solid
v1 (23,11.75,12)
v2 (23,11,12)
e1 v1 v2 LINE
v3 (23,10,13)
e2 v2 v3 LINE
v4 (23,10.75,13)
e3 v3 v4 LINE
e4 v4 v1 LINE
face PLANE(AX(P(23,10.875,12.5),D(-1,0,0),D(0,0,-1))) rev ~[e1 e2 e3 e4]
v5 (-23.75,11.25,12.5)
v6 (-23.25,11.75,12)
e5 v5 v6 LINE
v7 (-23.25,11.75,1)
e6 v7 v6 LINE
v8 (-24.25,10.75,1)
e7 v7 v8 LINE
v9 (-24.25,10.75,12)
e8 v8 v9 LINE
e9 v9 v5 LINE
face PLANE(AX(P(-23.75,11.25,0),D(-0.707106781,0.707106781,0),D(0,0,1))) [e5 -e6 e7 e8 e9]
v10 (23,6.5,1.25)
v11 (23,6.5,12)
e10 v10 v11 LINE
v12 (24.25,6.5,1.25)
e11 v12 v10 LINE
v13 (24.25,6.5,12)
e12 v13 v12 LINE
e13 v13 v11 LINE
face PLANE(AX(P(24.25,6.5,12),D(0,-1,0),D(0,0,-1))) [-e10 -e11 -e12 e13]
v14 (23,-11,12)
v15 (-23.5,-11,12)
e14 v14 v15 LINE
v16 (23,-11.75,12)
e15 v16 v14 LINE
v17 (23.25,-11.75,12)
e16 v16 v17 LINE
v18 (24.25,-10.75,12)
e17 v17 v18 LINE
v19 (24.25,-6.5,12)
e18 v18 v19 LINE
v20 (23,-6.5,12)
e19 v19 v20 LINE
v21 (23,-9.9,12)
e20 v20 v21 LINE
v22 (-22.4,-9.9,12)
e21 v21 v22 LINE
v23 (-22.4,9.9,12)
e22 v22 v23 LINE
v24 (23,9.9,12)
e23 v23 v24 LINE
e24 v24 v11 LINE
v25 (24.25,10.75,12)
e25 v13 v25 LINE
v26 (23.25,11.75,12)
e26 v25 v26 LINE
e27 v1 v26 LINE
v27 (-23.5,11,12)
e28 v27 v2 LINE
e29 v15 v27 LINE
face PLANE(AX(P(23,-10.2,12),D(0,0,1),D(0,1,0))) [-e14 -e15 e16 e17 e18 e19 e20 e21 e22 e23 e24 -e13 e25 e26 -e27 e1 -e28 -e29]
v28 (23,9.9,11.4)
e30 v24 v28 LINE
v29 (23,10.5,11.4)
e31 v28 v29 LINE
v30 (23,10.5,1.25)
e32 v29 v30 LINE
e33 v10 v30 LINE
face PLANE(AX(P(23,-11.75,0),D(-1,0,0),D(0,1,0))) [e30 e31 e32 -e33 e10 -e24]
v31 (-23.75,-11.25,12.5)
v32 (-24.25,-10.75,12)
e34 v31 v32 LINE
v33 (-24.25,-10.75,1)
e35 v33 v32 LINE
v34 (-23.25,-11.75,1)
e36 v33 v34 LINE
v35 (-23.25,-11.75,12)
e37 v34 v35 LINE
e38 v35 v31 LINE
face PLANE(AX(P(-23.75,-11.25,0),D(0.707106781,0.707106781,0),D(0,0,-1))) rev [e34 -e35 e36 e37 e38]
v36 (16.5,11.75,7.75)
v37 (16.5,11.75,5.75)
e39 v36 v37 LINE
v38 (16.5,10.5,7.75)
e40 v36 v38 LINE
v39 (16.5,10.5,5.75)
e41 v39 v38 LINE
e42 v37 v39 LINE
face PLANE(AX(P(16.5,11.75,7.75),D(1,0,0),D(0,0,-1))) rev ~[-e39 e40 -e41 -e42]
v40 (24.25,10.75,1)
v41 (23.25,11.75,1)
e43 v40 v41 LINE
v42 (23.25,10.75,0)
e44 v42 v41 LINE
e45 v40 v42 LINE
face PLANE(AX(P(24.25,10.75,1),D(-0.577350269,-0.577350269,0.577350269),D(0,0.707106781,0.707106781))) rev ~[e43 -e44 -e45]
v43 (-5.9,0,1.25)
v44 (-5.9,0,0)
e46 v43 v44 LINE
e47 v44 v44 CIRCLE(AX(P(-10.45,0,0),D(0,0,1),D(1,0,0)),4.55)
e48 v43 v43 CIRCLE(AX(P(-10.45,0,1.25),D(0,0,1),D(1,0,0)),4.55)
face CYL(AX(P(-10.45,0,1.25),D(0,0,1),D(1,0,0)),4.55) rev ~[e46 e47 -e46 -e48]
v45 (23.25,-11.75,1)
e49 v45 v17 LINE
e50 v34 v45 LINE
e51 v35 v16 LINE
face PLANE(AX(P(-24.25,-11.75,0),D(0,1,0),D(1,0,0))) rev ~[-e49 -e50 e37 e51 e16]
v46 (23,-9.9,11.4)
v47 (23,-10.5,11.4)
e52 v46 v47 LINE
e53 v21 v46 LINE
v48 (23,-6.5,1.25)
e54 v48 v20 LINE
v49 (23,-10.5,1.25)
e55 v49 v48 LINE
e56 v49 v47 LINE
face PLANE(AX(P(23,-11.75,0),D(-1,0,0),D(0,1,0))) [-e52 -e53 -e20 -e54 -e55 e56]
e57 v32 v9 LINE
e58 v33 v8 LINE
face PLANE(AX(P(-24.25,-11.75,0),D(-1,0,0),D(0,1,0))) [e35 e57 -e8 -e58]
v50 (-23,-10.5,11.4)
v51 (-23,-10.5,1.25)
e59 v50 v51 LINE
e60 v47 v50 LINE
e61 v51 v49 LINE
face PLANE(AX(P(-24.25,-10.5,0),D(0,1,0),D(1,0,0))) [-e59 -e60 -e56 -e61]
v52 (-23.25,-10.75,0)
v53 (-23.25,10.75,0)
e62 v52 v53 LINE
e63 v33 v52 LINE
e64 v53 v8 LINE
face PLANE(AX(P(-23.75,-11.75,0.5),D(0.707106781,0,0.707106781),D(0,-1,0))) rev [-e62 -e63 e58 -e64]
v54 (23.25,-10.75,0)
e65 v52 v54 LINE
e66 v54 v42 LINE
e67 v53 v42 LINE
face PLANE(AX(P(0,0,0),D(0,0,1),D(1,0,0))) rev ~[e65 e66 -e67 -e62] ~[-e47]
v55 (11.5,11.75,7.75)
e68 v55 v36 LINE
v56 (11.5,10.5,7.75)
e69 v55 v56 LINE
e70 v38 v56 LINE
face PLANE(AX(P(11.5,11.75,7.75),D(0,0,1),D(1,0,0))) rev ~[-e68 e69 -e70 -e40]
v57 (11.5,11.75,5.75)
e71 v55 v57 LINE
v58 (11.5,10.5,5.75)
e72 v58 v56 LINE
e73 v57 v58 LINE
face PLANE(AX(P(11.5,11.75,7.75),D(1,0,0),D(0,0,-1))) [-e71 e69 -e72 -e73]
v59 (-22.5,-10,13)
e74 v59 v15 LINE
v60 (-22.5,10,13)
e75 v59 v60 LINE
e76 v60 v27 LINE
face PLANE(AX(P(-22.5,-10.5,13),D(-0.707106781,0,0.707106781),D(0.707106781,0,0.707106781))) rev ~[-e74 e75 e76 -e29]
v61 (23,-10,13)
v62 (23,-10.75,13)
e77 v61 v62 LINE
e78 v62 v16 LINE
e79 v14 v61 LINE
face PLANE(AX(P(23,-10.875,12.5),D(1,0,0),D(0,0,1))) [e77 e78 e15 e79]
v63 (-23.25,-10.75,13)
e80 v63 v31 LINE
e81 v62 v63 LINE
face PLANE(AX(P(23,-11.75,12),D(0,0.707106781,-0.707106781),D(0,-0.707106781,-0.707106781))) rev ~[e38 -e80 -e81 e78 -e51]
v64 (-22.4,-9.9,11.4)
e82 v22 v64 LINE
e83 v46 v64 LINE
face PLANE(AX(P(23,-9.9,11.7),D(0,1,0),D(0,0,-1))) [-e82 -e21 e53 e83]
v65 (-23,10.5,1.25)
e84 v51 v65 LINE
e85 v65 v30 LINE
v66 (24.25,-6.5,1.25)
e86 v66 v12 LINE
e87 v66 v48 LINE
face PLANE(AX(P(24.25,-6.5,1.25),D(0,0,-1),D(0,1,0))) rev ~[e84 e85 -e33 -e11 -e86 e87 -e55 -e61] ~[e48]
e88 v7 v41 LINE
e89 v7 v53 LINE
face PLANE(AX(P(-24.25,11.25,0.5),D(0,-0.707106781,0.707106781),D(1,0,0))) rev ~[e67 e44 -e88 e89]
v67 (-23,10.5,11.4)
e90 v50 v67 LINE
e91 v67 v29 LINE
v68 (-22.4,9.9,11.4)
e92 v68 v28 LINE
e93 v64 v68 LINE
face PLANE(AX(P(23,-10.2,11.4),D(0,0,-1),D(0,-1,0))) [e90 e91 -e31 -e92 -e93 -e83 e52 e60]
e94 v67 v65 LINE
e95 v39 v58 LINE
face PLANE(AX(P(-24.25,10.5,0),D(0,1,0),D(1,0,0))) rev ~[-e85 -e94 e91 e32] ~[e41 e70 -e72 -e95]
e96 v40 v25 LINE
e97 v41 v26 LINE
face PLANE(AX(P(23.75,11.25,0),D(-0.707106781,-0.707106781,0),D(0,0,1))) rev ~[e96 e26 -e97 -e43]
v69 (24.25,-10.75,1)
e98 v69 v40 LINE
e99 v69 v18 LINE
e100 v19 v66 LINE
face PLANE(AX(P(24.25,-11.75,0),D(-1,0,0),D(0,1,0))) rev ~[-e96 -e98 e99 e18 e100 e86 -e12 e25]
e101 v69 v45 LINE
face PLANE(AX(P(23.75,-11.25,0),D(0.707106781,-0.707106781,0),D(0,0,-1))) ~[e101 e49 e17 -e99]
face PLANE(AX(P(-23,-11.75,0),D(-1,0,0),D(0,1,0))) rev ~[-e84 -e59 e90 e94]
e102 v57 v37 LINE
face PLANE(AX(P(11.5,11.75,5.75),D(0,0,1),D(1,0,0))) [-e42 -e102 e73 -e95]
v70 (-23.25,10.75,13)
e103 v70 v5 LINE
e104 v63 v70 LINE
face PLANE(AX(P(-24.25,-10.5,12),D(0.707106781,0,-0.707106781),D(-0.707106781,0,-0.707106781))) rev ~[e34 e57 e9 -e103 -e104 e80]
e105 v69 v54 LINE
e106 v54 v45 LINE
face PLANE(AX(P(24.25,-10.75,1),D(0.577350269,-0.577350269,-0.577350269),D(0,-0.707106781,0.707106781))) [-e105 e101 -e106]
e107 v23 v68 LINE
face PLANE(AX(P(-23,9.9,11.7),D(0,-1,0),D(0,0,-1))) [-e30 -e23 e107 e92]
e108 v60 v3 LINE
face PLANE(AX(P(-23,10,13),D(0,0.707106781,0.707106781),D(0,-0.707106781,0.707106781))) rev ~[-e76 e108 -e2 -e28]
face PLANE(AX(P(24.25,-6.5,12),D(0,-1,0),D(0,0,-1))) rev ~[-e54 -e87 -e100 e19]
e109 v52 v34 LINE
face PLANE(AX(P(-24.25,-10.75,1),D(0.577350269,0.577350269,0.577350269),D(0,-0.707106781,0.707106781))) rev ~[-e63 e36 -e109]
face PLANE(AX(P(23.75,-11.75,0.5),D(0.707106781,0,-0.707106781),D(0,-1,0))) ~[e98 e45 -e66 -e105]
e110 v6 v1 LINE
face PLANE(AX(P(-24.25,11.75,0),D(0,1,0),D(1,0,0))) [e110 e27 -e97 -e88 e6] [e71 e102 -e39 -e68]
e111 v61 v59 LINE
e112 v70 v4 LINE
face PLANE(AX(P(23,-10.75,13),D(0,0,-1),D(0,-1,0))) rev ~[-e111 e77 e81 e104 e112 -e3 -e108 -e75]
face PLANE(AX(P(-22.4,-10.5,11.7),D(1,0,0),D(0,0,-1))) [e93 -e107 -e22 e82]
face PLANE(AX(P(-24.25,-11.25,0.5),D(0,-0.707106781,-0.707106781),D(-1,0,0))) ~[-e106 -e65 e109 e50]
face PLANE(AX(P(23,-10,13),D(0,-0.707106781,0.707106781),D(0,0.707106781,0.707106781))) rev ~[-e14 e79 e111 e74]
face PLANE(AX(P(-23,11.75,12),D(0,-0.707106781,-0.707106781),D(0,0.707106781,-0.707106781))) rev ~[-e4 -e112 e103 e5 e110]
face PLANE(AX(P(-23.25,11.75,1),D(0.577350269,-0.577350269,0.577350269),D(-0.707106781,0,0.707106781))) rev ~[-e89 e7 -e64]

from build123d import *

# Parameters (mm, degrees)
SKETCH1_W               = 48.5
SKETCH1_H               = 23.5
BOSS_EXTRUDE1_DEPTH     = 12
SHELL1_T                = -1.25
SKETCH2_R               = 4.55
CUT_EXTRUDE1_DEPTH      = 11.75
CUT_EXTRUDE1_DEPTH_BACK = 2.25
SKETCH3_W               = 10.75
SKETCH3_H               = 13
CUT_EXTRUDE2_DEPTH      = 3
CHAMFER1_SIZE           = 1
CUT_EXTRUDE3_REACH      = 25.5
SKETCH5_W               = 5
SKETCH5_H               = 2
SKETCH6_W               = 0.6
SKETCH6_H               = 0.6


with BuildPart() as part:
    # Sketch1 → Boss-Extrude1 (new body)
    with BuildSketch(Plane.XY):
        Rectangle(SKETCH1_W, SKETCH1_H)
    extrude(amount=BOSS_EXTRUDE1_DEPTH)

    # Shell1
    shell1_openings = [part.faces().sort_by_distance(p)[0] for p in [
        (0, 0, 12),
    ]]
    offset(amount=SHELL1_T, openings=shell1_openings, kind=Kind.INTERSECTION)

    # Sketch2 → Cut-Extrude1 (cut, two sides)
    with BuildSketch(Plane.XY.offset(1.25)) as cut_extrude1_sk:
        with Locations((-10.45, 0)):
            Circle(SKETCH2_R)
    extrude(amount=CUT_EXTRUDE1_DEPTH, mode=Mode.SUBTRACT)
    extrude(cut_extrude1_sk.sketch, amount=-CUT_EXTRUDE1_DEPTH_BACK, mode=Mode.SUBTRACT)

    # Sketch3 → Cut-Extrude2 (cut)
    with BuildSketch(Plane(origin=(24.25, 0, 0), x_dir=(0, 0, -1), z_dir=(1, 0, 0))):
        with Locations((-6.625, 0)):
            Rectangle(SKETCH3_W, SKETCH3_H)
    extrude(amount=-CUT_EXTRUDE2_DEPTH, mode=Mode.SUBTRACT)

    # Sweep2: sweep along a curve in space
    with BuildLine() as sweep2_path:
        Line((23, -10.5, 12), (-23, -10.5, 12))
        Line((-23, -10.5, 12), (-23, 10.5, 12))
        Line((-23, 10.5, 12), (23, 10.5, 12))
    # Sketch4 → Sweep2 (sweep)
    with BuildSketch(Plane(origin=(23, 0, 0), x_dir=(0, 0, -1), z_dir=(1, 0, 0))):
        Polygon((-12, -11.75), (-13, -10.75), (-13, -10), (-12, -11), align=None)
    sweep(path=sweep2_path.line, transition=Transition.RIGHT)

    # Chamfer1
    chamfer1_edges = [part.edges().sort_by_distance(p)[0] for p in [
        (0, -11.75, 0),
        (-24.25, 0, 0),
        (0, 11.75, 0),
        (24.25, 0, 0),
        (24.25, -11.75, 6),
        (-24.25, -11.75, 6),
        (-24.25, 11.75, 6),
        (24.25, 11.75, 6),
    ]]
    chamfer(chamfer1_edges, length=CHAMFER1_SIZE)

    # Sketch5 → Cut-Extrude3 (cut, up to next)
    with BuildSketch(Plane(origin=(0, 11.75, 0), x_dir=(1, 0, 0), z_dir=(0, 1, 0)), mode=Mode.PRIVATE) as cut_extrude3_sk1:
        with Locations((14, -6.75)):
            Rectangle(SKETCH5_W, SKETCH5_H)
    cut_extrude3_tool1 = extrude(cut_extrude3_sk1.sketch, amount=-CUT_EXTRUDE3_REACH, mode=Mode.PRIVATE) & part.part
    add(cut_extrude3_tool1.solids().sort_by_distance((14, 11.75, 6.75))[0], mode=Mode.SUBTRACT)

    # Sweep3: sweep along a curve in space
    with BuildLine() as sweep3_path:
        Line((23, -10.5, 12), (-23, -10.5, 12))
        Line((-23, -10.5, 12), (-23, 10.5, 12))
        Line((-23, 10.5, 12), (23, 10.5, 12))
    # Sketch6 → Sweep3 (sweep)
    with BuildSketch(Plane.ZY.offset(-23)):
        with Locations((11.7, -10.2)):
            Rectangle(SKETCH6_W, SKETCH6_H)
    sweep(path=sweep3_path.line, transition=Transition.RIGHT)


solid = part.part
